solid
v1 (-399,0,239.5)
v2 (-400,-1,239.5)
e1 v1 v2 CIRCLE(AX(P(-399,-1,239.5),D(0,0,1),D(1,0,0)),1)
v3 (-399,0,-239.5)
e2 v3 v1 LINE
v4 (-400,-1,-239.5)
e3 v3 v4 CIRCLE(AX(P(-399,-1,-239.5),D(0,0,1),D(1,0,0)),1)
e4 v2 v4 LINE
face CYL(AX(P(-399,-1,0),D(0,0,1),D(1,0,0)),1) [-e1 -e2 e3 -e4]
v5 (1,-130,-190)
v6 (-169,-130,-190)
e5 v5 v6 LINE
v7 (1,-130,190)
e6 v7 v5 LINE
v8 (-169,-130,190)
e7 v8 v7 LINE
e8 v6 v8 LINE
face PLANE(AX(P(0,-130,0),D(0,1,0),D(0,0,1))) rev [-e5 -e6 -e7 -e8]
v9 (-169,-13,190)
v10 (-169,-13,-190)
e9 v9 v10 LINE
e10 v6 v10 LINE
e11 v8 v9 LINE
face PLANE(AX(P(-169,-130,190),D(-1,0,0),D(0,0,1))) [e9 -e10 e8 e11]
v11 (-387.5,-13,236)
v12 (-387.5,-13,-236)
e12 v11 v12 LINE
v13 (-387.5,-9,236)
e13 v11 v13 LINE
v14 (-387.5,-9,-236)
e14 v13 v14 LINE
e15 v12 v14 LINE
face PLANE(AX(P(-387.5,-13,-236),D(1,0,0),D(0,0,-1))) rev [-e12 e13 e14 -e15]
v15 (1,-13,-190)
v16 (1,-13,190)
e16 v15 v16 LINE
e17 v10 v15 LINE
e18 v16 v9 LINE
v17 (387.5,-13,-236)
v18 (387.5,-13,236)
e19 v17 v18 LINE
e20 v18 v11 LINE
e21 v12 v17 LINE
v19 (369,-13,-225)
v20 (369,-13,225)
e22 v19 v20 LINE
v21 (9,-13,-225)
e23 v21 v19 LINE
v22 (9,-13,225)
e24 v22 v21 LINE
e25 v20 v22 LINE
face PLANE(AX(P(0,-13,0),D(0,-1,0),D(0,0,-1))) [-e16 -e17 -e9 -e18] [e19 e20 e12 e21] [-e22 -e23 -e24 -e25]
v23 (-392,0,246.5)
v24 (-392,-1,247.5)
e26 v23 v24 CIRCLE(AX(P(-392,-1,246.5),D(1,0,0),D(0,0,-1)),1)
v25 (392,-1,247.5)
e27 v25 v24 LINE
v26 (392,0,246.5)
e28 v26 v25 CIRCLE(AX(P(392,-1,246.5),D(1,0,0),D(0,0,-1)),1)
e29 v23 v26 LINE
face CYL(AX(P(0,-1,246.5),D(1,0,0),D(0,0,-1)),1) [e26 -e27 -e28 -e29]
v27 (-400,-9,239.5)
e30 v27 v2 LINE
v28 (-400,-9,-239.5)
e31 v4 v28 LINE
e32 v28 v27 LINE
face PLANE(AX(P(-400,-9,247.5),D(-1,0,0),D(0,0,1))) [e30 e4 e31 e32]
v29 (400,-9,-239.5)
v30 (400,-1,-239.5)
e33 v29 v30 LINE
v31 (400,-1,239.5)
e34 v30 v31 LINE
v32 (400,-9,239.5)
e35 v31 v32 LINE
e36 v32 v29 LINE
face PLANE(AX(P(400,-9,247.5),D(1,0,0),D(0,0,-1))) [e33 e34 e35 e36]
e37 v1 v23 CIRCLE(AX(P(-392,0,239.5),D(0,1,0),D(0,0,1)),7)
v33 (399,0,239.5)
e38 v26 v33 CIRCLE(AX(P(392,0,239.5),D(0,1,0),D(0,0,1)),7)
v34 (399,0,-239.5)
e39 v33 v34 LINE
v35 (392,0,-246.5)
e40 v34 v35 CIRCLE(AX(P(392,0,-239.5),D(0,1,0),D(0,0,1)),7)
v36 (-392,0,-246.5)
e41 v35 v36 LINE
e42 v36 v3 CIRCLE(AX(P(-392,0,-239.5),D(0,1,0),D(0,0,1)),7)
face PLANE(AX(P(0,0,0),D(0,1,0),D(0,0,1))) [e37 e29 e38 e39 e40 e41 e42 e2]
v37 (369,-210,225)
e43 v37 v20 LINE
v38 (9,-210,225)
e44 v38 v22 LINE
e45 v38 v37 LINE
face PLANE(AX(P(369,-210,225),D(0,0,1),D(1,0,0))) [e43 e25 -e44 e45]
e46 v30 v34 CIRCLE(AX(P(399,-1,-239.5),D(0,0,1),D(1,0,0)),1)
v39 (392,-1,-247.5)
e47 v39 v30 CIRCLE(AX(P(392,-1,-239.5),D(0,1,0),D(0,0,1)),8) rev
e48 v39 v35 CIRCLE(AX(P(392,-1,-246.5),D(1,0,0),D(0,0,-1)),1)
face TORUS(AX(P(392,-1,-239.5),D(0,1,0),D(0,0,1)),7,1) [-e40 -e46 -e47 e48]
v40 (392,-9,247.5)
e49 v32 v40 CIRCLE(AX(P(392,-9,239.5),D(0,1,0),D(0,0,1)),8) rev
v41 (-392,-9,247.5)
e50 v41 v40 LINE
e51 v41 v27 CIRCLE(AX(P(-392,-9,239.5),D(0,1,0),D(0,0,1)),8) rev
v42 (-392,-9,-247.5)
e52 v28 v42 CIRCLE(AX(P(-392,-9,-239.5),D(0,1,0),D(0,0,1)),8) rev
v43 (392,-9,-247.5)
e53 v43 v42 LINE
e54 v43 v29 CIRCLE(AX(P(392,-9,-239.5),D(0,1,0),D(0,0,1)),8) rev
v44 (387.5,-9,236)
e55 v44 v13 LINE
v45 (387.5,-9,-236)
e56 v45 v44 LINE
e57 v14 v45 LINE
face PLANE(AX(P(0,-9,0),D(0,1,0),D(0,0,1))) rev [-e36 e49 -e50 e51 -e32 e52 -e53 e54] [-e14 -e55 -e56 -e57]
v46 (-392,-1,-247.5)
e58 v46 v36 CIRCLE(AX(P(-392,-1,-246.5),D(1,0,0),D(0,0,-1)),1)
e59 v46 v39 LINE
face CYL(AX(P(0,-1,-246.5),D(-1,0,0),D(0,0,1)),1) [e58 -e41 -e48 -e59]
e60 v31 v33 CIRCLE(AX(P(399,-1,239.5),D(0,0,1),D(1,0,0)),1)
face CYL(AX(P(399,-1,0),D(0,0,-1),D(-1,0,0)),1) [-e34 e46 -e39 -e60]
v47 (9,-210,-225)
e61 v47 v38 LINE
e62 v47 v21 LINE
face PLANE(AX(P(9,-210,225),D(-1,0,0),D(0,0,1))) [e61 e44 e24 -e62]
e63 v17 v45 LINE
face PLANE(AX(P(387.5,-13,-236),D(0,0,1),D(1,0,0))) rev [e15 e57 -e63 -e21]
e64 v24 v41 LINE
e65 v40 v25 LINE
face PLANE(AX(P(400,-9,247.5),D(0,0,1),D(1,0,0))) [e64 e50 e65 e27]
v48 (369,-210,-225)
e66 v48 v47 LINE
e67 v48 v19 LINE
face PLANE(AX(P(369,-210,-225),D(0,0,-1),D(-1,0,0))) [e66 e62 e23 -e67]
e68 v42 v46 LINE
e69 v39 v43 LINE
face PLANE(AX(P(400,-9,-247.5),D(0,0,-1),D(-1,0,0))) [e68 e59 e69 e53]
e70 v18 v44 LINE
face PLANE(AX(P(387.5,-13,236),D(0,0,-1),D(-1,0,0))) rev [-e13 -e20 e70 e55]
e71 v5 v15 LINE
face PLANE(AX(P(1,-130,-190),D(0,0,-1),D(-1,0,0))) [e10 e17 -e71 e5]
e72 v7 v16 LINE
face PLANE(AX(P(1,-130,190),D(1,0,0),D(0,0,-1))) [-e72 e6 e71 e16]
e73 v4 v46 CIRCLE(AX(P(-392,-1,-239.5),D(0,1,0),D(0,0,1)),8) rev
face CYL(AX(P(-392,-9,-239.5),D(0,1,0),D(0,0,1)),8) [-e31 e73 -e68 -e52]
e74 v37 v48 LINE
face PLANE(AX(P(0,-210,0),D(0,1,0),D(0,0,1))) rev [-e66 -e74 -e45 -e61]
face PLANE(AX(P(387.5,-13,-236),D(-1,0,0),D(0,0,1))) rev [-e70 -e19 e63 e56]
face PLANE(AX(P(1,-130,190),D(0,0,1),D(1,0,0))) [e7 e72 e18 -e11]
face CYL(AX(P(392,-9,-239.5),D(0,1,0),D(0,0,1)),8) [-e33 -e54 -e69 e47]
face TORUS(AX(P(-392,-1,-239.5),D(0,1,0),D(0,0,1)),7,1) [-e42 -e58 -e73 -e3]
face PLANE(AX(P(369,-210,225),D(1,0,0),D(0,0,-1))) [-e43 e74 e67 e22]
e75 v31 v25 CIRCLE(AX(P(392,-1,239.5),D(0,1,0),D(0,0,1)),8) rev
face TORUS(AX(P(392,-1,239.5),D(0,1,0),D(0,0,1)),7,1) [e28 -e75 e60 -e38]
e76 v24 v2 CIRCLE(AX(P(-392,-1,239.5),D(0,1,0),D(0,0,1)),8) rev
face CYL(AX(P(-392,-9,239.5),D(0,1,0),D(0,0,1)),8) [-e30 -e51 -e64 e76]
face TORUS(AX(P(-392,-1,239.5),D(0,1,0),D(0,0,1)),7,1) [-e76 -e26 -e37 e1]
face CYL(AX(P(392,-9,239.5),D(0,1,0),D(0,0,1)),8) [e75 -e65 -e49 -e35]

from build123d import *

# Parameters (mm, degrees)
SKETCH1_W           = 800
SKETCH1_H           = 495
BOSS_EXTRUDE1_DEPTH = 9
FILLET1_R           = 8
FILLET2_R           = 1
SKETCH2_W           = 775
SKETCH2_H           = 472
BOSS_EXTRUDE2_DEPTH = 4
SKETCH3_W           = 170
SKETCH3_H           = 380
BOSS_EXTRUDE3_DEPTH = 130
SKETCH4_W           = 360
SKETCH4_H           = 450
BOSS_EXTRUDE4_DEPTH = 210


with BuildPart() as part:
    # Sketch1 → Boss-Extrude1 (new body)
    with BuildSketch(Plane(origin=(0, 0, 0), x_dir=(1, 0, 0), z_dir=(0, 1, 0))):
        Rectangle(SKETCH1_W, SKETCH1_H)
    extrude(amount=-BOSS_EXTRUDE1_DEPTH)

    # Fillet1
    fillet1_edges = [part.edges().sort_by_distance(p)[0] for p in [
        (-400, -4.5, -247.5),
        (400, -4.5, -247.5),
        (400, -4.5, 247.5),
        (-400, -4.5, 247.5),
    ]]
    fillet(fillet1_edges, radius=FILLET1_R)

    # Fillet2
    fillet2_edges = [part.edges().sort_by_distance(p)[0] for p in [
        (400, 0, 0),
        (-400, 0, 0),
        (0, 0, 247.5),
        (0, 0, -247.5),
        (397.656854249, 0, 245.156854249),
        (-397.656854249, 0, 245.156854249),
        (-397.656854249, 0, -245.156854249),
        (397.656854249, 0, -245.156854249),
    ]]
    fillet(fillet2_edges, radius=FILLET2_R)

    # Sketch2 → Boss-Extrude2 (add)
    with BuildSketch(Plane.XZ.offset(9)):
        Rectangle(SKETCH2_W, SKETCH2_H)
    extrude(amount=BOSS_EXTRUDE2_DEPTH)

    # Sketch3 → Boss-Extrude3 (add)
    with BuildSketch(Plane(origin=(0, 0, 0), x_dir=(1, 0, 0), z_dir=(0, 1, 0))):
        with Locations((-84, 0)):
            Rectangle(SKETCH3_W, SKETCH3_H)
    extrude(amount=-BOSS_EXTRUDE3_DEPTH)

    # Sketch4 → Boss-Extrude4 (add)
    with BuildSketch(Plane(origin=(0, 0, 0), x_dir=(1, 0, 0), z_dir=(0, 1, 0))):
        with Locations((189, 0)):
            Rectangle(SKETCH4_W, SKETCH4_H)
    extrude(amount=-BOSS_EXTRUDE4_DEPTH)


solid = part.part
